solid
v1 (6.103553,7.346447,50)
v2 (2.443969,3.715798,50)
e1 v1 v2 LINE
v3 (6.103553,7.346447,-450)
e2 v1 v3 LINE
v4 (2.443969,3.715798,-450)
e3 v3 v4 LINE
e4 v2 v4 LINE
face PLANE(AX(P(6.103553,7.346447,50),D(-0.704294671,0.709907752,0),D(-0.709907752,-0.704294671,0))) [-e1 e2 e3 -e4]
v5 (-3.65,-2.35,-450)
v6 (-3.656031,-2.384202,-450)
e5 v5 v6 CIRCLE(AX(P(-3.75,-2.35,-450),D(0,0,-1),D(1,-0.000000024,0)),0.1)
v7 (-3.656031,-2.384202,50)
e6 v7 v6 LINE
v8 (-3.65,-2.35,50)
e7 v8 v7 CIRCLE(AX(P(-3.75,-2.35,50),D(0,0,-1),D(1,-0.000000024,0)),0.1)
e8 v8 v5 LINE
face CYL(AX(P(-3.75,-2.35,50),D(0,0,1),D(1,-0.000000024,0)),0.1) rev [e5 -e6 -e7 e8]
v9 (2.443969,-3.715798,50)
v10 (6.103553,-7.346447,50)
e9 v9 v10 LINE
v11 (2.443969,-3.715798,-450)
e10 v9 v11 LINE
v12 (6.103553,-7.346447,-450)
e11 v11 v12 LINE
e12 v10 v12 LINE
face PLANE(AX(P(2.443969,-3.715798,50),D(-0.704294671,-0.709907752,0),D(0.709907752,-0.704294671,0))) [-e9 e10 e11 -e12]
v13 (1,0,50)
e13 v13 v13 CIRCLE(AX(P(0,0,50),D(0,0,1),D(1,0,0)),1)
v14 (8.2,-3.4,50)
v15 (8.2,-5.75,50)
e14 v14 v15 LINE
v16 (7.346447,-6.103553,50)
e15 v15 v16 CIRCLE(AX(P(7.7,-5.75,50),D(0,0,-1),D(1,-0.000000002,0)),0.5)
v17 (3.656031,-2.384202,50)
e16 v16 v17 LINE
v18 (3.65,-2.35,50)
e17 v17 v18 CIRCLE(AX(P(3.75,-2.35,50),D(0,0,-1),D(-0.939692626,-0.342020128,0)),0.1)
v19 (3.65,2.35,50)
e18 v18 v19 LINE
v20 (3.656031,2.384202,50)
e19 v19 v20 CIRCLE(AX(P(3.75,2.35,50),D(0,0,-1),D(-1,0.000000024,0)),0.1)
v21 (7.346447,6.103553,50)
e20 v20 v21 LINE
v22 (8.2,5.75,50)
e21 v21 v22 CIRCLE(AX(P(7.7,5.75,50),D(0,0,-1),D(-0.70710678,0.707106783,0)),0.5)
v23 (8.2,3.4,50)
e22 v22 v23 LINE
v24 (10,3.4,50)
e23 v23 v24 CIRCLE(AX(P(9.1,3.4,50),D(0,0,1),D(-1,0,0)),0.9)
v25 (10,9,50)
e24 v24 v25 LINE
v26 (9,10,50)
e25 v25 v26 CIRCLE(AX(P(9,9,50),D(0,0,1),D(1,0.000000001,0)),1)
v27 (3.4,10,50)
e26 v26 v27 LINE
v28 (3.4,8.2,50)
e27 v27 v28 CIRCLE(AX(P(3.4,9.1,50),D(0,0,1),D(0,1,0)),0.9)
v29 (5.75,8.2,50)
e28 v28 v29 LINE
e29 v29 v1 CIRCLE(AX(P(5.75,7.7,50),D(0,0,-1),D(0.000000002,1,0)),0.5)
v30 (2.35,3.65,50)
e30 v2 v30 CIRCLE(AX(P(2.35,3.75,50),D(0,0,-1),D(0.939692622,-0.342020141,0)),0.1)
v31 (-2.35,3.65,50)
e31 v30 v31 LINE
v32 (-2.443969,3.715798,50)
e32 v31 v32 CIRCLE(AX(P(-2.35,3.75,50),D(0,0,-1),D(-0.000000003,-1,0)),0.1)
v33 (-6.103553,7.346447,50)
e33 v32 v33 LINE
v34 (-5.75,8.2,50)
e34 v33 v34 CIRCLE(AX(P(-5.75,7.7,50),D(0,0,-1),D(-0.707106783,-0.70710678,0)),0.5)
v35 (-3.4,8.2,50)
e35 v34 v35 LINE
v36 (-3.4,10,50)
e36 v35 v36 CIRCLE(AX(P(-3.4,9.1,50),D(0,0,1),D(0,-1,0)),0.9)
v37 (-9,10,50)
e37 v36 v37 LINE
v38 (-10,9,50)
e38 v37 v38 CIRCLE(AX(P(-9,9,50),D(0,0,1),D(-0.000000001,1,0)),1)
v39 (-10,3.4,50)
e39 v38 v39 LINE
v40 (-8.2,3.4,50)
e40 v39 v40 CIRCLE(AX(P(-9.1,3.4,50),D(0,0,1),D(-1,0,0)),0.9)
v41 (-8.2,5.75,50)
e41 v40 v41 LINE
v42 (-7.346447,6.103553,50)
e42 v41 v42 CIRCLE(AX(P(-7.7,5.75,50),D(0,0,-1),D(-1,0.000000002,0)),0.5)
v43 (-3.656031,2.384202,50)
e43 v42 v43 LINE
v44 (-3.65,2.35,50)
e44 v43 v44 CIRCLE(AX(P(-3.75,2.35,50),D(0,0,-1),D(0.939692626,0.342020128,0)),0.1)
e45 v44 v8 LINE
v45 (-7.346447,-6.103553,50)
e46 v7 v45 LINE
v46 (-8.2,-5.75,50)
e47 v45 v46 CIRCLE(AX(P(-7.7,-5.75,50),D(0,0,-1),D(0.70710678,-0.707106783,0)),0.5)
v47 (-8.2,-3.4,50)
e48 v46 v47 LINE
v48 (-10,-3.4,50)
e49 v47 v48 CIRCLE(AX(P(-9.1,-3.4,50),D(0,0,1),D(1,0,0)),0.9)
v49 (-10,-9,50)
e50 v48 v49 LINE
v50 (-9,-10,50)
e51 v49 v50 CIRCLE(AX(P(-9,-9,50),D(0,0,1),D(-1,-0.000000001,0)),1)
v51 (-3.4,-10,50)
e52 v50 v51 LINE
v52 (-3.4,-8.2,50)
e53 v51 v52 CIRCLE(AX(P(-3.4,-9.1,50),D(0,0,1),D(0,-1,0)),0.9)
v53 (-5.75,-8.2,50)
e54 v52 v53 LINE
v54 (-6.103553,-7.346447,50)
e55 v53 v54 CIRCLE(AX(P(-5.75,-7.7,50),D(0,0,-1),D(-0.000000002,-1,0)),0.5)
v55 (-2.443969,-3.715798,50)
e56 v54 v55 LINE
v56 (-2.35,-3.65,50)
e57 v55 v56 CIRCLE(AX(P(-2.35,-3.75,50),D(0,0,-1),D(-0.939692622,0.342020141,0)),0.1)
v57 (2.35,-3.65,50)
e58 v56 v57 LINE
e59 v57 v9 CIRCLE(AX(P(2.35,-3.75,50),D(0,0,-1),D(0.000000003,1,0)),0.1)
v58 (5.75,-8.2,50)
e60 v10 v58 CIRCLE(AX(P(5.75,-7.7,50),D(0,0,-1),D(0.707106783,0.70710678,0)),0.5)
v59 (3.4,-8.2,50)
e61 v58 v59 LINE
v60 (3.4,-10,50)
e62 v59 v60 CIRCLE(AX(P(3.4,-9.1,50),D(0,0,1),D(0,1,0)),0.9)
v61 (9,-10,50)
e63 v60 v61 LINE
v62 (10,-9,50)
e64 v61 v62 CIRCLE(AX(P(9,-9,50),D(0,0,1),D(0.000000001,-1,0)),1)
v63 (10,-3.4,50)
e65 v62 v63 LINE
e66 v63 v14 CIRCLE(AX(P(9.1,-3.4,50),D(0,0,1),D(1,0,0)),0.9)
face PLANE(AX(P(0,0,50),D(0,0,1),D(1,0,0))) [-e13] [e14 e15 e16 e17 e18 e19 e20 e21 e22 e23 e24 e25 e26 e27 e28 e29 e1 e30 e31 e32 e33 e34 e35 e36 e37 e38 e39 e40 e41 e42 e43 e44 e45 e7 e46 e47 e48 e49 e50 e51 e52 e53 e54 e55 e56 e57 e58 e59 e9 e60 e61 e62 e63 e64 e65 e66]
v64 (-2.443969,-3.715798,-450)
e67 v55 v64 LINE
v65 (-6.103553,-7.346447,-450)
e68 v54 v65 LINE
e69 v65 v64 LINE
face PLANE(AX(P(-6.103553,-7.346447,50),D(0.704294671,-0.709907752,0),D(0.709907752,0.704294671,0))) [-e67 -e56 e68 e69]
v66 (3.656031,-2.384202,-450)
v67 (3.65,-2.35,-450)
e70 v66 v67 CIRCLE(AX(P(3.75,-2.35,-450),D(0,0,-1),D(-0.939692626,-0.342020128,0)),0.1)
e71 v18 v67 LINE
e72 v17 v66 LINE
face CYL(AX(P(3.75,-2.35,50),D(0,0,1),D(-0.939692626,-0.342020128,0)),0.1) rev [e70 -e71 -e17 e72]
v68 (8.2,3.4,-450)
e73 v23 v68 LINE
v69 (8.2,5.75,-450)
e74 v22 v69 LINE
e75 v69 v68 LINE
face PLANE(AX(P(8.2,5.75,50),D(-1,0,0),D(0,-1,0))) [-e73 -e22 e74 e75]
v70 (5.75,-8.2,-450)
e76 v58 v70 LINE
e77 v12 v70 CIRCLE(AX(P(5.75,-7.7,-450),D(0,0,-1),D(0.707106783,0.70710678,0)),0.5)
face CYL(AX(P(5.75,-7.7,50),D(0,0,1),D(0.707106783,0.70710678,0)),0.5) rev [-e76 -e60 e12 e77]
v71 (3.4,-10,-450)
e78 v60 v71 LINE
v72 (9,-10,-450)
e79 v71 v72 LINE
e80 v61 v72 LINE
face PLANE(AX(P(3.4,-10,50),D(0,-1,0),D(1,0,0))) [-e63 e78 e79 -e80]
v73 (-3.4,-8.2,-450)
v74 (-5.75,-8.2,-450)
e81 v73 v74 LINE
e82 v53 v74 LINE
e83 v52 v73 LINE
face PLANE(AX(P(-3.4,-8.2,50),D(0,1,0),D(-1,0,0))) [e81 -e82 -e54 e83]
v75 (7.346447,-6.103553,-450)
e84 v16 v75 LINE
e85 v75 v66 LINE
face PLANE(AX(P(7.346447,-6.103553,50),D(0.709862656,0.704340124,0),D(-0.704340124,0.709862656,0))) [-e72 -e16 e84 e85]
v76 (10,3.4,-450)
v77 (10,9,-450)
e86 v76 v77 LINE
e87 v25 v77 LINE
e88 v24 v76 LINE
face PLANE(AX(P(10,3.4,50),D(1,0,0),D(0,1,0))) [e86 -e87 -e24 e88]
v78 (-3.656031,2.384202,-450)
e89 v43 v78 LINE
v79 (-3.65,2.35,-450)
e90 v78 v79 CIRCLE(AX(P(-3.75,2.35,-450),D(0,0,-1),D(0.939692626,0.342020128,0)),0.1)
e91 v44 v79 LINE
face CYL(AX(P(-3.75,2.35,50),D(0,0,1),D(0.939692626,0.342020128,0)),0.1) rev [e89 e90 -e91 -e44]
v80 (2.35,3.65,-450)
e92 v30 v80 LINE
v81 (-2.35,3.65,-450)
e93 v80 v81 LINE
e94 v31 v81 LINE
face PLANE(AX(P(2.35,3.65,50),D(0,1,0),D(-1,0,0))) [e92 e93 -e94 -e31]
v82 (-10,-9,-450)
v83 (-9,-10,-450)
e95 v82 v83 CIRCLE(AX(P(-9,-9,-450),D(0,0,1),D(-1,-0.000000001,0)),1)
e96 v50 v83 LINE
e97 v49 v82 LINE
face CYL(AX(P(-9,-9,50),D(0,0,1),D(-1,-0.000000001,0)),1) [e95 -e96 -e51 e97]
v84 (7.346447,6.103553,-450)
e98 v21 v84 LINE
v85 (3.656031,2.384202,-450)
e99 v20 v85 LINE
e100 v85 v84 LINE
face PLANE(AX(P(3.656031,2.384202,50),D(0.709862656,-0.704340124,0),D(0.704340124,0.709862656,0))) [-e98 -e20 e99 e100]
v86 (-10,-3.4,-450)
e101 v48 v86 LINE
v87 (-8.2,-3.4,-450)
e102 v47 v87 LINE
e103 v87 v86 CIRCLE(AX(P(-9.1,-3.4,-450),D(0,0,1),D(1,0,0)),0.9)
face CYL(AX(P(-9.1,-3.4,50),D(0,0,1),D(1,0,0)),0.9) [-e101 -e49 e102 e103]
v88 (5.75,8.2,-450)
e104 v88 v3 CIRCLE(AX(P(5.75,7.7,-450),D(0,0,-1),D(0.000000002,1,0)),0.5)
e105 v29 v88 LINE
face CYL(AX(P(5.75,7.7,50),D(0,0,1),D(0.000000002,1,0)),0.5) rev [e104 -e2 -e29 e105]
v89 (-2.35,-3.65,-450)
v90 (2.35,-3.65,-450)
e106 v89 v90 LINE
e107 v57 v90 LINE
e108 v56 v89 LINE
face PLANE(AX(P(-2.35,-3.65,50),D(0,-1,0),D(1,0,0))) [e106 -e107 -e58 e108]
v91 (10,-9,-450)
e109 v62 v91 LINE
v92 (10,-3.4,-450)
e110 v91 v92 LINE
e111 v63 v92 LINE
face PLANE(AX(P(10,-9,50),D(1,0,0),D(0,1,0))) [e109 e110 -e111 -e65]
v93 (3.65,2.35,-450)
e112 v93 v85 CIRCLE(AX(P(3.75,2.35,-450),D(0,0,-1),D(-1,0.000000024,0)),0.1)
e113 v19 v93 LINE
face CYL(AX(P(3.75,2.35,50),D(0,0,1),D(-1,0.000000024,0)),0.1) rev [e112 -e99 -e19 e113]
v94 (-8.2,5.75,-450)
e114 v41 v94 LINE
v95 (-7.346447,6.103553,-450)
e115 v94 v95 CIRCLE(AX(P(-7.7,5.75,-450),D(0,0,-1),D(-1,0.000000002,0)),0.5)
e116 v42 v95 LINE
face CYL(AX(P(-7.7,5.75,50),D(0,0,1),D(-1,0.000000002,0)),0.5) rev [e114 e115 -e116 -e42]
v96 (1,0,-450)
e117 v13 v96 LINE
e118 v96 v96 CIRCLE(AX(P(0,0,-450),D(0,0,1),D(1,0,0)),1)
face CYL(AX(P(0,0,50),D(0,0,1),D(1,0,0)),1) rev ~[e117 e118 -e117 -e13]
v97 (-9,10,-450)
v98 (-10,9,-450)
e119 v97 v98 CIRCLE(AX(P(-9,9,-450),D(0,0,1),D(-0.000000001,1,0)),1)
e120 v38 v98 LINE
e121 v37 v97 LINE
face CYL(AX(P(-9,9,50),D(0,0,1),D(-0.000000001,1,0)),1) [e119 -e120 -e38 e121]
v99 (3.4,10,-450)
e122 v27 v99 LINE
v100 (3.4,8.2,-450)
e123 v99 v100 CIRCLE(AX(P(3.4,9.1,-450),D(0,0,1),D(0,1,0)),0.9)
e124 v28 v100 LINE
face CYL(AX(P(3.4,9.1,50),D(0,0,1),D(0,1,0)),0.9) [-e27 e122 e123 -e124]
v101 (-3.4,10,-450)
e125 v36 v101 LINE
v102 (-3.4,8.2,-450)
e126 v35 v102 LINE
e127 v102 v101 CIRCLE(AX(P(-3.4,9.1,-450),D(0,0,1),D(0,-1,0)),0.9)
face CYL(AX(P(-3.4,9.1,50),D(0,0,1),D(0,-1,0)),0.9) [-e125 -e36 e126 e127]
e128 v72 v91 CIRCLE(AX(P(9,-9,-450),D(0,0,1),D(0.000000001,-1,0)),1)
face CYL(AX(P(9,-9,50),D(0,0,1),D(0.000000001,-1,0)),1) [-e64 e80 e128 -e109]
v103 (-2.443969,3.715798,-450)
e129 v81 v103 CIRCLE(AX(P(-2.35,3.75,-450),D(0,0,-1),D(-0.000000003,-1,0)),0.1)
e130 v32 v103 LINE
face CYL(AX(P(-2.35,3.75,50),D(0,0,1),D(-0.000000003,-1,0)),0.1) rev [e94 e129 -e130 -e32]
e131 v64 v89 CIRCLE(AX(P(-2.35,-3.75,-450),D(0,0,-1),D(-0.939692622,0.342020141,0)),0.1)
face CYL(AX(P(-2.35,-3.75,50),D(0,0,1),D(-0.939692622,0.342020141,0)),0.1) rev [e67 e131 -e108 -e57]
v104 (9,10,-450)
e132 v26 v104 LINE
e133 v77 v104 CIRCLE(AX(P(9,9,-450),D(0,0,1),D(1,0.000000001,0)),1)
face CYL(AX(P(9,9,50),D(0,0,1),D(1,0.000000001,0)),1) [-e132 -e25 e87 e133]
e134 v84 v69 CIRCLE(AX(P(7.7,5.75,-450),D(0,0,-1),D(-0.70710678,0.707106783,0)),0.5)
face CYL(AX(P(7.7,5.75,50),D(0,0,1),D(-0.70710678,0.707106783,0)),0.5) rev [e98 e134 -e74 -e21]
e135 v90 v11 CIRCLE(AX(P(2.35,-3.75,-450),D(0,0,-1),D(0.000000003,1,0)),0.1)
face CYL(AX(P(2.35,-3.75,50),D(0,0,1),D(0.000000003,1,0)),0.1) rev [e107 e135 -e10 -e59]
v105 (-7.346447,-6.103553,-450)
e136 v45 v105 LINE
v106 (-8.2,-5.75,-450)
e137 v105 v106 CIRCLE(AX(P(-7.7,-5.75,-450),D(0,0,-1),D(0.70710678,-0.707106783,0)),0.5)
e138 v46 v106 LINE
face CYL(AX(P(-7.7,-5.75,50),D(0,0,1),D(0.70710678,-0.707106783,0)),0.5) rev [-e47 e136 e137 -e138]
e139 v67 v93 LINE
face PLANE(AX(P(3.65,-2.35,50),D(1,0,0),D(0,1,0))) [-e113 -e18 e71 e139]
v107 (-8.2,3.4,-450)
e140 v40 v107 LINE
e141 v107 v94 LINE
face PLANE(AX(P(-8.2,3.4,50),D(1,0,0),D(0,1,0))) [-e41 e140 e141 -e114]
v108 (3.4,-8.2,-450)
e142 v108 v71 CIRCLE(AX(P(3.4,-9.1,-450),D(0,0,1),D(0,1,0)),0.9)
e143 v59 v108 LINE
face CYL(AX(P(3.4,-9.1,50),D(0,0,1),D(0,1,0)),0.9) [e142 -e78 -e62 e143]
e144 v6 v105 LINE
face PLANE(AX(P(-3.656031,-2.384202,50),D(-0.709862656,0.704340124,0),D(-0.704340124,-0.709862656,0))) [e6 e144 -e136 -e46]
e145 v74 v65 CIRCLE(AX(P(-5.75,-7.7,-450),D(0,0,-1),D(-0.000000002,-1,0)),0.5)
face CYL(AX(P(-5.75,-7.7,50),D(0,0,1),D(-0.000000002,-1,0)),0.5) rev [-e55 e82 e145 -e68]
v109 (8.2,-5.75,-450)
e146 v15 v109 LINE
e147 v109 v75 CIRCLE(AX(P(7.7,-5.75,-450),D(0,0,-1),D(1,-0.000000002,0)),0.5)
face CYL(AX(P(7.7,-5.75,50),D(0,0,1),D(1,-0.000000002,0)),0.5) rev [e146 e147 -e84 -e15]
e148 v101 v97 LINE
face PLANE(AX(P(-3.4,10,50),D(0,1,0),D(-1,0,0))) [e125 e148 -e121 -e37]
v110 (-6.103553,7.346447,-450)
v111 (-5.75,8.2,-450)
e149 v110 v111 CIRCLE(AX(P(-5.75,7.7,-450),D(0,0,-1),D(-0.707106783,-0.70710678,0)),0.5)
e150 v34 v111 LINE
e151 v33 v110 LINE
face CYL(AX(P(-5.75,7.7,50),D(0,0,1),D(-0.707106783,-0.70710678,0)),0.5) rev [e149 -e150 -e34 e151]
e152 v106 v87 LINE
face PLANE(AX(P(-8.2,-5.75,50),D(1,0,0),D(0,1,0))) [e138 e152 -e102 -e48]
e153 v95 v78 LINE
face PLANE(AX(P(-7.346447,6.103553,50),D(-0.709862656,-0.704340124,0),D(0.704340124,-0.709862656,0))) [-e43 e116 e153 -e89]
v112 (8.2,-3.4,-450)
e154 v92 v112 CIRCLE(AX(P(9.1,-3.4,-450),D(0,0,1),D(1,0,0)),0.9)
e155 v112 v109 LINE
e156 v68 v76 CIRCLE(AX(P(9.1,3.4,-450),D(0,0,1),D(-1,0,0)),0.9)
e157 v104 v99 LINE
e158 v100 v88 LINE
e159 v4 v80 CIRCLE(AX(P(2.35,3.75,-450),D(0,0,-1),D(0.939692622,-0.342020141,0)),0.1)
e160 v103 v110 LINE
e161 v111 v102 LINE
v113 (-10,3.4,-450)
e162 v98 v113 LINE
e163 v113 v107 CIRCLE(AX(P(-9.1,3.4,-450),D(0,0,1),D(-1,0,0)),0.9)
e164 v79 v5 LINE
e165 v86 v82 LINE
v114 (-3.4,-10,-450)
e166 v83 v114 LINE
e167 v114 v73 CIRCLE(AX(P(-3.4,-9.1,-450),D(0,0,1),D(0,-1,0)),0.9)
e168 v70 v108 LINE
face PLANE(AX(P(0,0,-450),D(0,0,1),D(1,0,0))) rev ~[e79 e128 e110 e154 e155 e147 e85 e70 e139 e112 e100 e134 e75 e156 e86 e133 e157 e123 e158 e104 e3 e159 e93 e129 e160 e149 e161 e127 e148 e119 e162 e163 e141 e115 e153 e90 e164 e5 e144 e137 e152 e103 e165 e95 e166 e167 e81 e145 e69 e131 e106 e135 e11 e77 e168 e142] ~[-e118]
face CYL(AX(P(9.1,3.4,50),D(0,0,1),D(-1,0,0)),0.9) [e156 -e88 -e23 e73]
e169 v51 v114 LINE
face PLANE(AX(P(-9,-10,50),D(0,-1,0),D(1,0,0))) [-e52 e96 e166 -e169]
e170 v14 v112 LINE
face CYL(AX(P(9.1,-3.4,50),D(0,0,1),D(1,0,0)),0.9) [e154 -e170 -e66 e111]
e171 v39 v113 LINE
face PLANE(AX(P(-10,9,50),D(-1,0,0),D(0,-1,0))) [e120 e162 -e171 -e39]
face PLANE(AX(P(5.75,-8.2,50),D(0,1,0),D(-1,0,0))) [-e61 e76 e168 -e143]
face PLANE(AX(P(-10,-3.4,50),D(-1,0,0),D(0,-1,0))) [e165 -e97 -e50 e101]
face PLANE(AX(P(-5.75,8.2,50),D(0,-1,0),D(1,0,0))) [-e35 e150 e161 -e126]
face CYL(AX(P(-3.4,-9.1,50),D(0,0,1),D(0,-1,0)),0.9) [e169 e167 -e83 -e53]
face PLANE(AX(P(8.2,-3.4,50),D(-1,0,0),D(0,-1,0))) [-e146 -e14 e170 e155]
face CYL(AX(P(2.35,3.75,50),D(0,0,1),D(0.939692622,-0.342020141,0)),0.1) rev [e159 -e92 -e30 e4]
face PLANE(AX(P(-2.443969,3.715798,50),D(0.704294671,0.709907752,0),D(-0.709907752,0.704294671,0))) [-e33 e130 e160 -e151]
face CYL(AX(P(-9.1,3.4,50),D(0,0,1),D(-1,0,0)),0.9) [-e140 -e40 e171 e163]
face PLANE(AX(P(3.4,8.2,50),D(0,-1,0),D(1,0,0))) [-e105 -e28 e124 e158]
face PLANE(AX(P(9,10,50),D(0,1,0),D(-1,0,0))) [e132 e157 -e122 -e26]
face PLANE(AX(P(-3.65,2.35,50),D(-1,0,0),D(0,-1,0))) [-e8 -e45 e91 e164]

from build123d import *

# Parameters (mm, degrees)
SKETCH1_R           = 1
BOSS_EXTRUDE1_DEPTH = 500


with BuildPart() as part:
    # Sketch1 → Boss-Extrude1 (new body)
    with BuildSketch(Plane.XY.offset(50)):
        with BuildLine():
            Line((-10, 9), (-10, 3.4))
            ThreePointArc((-10, 3.4), (-9.1, 2.5), (-8.2, 3.4))
            Line((-8.2, 3.4), (-8.2, 5.75))
            ThreePointArc((-8.2, 5.75), (-7.891341716, 6.211939766), (-7.346446609, 6.103553391))
            Line((-7.346446609, 6.103553391), (-3.656030738, 2.384202014))
            ThreePointArc((-3.656030738, 2.384202014), (-3.651519225, 2.367364818), (-3.65, 2.35))
            Line((-3.65, 2.35), (-3.65, -2.35))
            ThreePointArc((-3.65, -2.35), (-3.651519225, -2.367364818), (-3.656030738, -2.384202014))
            Line((-3.656030738, -2.384202014), (-7.346446609, -6.103553391))
            ThreePointArc((-7.346446609, -6.103553391), (-7.891341716, -6.211939766), (-8.2, -5.75))
            Line((-8.2, -5.75), (-8.2, -3.4))
            ThreePointArc((-8.2, -3.4), (-9.1, -2.5), (-10, -3.4))
            Line((-10, -3.4), (-10, -9))
            ThreePointArc((-10, -9), (-9.707106781, -9.707106781), (-9, -10))
            Line((-9, -10), (-3.4, -10))
            ThreePointArc((-3.4, -10), (-2.5, -9.1), (-3.4, -8.2))
            Line((-3.4, -8.2), (-5.75, -8.2))
            ThreePointArc((-5.75, -8.2), (-6.211939766, -7.891341716), (-6.103553391, -7.346446609))
            Line((-6.103553391, -7.346446609), (-2.443969262, -3.715797986))
            ThreePointArc((-2.443969262, -3.715797986), (-2.407357644, -3.668084796), (-2.35, -3.65))
            Line((-2.35, -3.65), (2.35, -3.65))
            ThreePointArc((2.35, -3.65), (2.407357644, -3.668084796), (2.443969262, -3.715797986))
            Line((2.443969262, -3.715797986), (6.103553391, -7.346446609))
            ThreePointArc((6.103553391, -7.346446609), (6.211939766, -7.891341716), (5.75, -8.2))
            Line((5.75, -8.2), (3.4, -8.2))
            ThreePointArc((3.4, -8.2), (2.5, -9.1), (3.4, -10))
            Line((3.4, -10), (9, -10))
            ThreePointArc((9, -10), (9.707106781, -9.707106781), (10, -9))
            Line((10, -9), (10, -3.4))
            ThreePointArc((10, -3.4), (9.1, -2.5), (8.2, -3.4))
            Line((8.2, -3.4), (8.2, -5.75))
            ThreePointArc((8.2, -5.75), (7.891341716, -6.211939766), (7.346446609, -6.103553391))
            Line((7.346446609, -6.103553391), (3.656030738, -2.384202014))
            ThreePointArc((3.656030738, -2.384202014), (3.651519225, -2.367364818), (3.65, -2.35))
            Line((3.65, -2.35), (3.65, 2.35))
            ThreePointArc((3.65, 2.35), (3.651519225, 2.367364818), (3.656030738, 2.384202014))
            Line((3.656030738, 2.384202014), (7.346446609, 6.103553391))
            ThreePointArc((7.346446609, 6.103553391), (7.891341716, 6.211939766), (8.2, 5.75))
            Line((8.2, 5.75), (8.2, 3.4))
            ThreePointArc((8.2, 3.4), (9.1, 2.5), (10, 3.4))
            Line((10, 3.4), (10, 9))
            ThreePointArc((10, 9), (9.707106781, 9.707106781), (9, 10))
            Line((9, 10), (3.4, 10))
            ThreePointArc((3.4, 10), (2.5, 9.1), (3.4, 8.2))
            Line((3.4, 8.2), (5.75, 8.2))
            ThreePointArc((5.75, 8.2), (6.211939766, 7.891341716), (6.103553391, 7.346446609))
            Line((6.103553391, 7.346446609), (2.443969262, 3.715797986))
            ThreePointArc((2.443969262, 3.715797986), (2.407357644, 3.668084796), (2.35, 3.65))
            Line((2.35, 3.65), (-2.35, 3.65))
            ThreePointArc((-2.35, 3.65), (-2.407357644, 3.668084796), (-2.443969262, 3.715797986))
            Line((-2.443969262, 3.715797986), (-6.103553391, 7.346446609))
            ThreePointArc((-6.103553391, 7.346446609), (-6.211939766, 7.891341716), (-5.75, 8.2))
            Line((-5.75, 8.2), (-3.4, 8.2))
            ThreePointArc((-3.4, 8.2), (-2.5, 9.1), (-3.4, 10))
            Line((-3.4, 10), (-9, 10))
            ThreePointArc((-9, 10), (-9.707106781, 9.707106781), (-10, 9))
        make_face()
        Circle(SKETCH1_R, mode=Mode.SUBTRACT)
    extrude(amount=-BOSS_EXTRUDE1_DEPTH)


solid = part.part
